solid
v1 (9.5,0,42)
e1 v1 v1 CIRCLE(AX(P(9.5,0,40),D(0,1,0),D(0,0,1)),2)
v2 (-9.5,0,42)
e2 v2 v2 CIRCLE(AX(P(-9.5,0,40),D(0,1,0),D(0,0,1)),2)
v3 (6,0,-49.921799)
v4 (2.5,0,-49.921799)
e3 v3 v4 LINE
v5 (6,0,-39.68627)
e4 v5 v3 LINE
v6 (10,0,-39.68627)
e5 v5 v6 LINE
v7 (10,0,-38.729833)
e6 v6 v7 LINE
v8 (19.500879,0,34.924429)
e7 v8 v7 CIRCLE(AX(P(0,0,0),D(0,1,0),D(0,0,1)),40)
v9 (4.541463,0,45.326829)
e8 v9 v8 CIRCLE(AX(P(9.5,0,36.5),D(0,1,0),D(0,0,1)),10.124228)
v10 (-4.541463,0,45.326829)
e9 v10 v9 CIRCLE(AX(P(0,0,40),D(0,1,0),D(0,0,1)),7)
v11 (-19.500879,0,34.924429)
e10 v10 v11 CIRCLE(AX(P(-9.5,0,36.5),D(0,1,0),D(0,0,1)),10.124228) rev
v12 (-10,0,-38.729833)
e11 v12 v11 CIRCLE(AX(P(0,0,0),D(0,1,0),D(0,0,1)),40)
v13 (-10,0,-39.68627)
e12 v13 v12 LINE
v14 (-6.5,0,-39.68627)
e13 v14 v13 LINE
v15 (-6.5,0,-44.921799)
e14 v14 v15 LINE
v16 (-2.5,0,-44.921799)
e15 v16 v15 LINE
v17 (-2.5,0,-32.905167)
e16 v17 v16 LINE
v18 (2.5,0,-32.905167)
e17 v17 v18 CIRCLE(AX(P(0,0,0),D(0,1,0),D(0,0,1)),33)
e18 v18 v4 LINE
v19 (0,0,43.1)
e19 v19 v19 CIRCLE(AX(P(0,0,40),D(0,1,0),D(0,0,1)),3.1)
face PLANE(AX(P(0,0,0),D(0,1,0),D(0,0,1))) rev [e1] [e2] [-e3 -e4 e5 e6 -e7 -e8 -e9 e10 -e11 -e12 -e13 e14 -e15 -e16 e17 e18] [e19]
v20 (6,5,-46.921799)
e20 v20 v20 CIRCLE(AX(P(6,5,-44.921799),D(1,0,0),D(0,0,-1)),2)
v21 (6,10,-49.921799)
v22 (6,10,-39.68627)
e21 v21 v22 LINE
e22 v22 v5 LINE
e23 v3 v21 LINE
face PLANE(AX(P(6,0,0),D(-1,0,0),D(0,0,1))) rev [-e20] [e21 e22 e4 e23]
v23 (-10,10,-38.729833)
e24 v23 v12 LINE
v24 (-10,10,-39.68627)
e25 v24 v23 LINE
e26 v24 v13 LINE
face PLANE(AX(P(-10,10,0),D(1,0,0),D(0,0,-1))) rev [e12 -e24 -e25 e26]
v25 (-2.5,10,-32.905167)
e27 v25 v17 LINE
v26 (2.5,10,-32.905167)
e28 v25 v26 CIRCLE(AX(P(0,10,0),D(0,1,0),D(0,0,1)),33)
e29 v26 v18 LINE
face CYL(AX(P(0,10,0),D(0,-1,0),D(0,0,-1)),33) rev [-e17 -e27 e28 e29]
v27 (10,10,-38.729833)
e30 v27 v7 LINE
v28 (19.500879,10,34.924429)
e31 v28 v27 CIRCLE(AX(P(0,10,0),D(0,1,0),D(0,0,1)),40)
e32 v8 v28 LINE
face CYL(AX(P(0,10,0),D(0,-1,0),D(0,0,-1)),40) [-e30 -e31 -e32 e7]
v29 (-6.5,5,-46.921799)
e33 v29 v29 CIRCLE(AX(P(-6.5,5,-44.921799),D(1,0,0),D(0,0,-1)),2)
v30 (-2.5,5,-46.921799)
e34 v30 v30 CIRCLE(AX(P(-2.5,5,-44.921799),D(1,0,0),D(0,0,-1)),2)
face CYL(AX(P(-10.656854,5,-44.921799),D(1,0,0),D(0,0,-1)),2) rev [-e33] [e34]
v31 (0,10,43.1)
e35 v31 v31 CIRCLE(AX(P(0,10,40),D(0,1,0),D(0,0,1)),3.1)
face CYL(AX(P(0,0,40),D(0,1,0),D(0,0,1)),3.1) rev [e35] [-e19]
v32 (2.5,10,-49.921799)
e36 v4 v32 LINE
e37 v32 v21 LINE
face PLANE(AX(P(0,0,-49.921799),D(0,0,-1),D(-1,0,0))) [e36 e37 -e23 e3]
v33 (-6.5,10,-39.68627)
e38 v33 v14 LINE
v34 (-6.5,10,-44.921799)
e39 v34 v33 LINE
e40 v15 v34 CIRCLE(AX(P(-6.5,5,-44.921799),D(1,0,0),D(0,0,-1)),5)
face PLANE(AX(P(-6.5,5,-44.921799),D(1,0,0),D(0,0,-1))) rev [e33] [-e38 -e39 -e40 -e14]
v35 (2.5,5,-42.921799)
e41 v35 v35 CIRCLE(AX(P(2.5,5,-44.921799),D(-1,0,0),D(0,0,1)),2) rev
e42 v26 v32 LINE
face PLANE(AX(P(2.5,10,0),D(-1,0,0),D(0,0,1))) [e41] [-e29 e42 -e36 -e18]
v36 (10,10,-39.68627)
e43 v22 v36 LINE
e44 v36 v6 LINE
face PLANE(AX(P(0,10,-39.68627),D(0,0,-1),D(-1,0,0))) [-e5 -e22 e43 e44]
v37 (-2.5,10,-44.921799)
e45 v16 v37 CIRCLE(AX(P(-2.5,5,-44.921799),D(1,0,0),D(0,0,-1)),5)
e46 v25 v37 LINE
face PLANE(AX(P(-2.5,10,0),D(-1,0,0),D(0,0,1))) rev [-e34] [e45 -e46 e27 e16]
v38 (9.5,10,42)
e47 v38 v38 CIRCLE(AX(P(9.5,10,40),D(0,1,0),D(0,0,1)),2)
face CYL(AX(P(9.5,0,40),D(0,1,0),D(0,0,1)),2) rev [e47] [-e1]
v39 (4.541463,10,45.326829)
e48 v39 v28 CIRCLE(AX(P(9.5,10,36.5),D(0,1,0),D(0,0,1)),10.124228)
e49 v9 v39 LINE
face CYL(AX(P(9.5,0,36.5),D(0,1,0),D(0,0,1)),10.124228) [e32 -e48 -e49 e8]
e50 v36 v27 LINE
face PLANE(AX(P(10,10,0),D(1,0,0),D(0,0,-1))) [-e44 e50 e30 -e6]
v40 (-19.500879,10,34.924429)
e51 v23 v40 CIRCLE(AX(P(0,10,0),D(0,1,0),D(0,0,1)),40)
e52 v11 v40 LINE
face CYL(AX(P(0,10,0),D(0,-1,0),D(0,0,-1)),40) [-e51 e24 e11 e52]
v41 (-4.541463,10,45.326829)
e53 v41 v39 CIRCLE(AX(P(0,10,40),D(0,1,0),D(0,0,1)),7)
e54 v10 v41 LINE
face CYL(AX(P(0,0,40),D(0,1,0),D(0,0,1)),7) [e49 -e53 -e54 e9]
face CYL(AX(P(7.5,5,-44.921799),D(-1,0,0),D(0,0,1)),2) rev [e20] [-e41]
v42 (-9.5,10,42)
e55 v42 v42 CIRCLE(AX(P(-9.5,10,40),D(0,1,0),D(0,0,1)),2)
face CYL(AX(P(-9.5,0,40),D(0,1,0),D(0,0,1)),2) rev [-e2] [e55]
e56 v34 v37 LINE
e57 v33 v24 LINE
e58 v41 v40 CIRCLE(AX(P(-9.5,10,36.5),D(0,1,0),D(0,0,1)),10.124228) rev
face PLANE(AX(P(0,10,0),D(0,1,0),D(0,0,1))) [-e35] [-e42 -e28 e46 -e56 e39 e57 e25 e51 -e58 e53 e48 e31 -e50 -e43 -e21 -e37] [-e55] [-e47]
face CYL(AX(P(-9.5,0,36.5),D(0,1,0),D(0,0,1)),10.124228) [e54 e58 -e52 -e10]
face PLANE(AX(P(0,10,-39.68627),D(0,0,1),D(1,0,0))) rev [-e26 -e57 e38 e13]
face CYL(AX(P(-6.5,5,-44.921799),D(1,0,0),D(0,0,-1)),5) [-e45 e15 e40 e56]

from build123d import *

# Parameters (mm, degrees)
SALIENTE_EXTRUIR1_DEPTH  = 10
SALIENTE_EXTRUIR2_START  = -10
SALIENTE_EXTRUIR2_DEPTH  = 10
CROQUIS8_R               = 2
CORTAR_EXTRUIR1_DEPTH    = 10
CROQUIS10_R              = 3.1
CORTAR_EXTRUIR3_DEPTH    = 10
CROQUIS11_W              = 2.5
CROQUIS11_H              = 10
SALIENTE_EXTRUIR5_DEPTH  = 5
CROQUIS13_R              = 2
CORTAR_EXTRUIR4_DEPTH    = 2.5
CROQUIS14_W              = 2.5
CROQUIS14_H              = 10
SALIENTE_EXTRUIR7_DEPTH  = 10
CORTAR_EXTRUIR5_START    = 10
CROQUIS15_R              = 2
CORTAR_EXTRUIR5_DEPTH    = 10
CROQUIS12_R              = 5
CROQUIS12_R_2            = 2
SALIENTE_EXTRUIR8_DEPTH  = 4
SALIENTE_EXTRUIR9_DEPTH  = 1.5
SALIENTE_EXTRUIR10_START = 1
CROQUIS17_W              = 10.235528891
CROQUIS17_H              = 10
CROQUIS17_R              = 2
SALIENTE_EXTRUIR10_DEPTH = 1


with BuildPart() as part:
    # Croquis1 → Saliente-Extruir1 (new body)
    with BuildSketch(Plane(origin=(0, 0, 0), x_dir=(1, 0, 0), z_dir=(0, 1, 0))):
        with BuildLine():
            Line((10, 38.729833462), (10, 32.619012861))
            Line((10, 32.619012861), (10, 31.448370387))
            ThreePointArc((10, 31.448370387), (26.636441204, 19.480759739), (33, 0))
            ThreePointArc((33, 0), (-19.480759739, -26.636441204), (-10, 31.448370387))
            Line((-10, 31.448370387), (-10, 38.729833462))
            ThreePointArc((-10, 38.729833462), (-24.494897428, -31.622776602), (40, 0))
            ThreePointArc((40, 0), (31.622776602, 24.494897428), (10, 38.729833462))
        make_face()
        with BuildLine():
            ThreePointArc((-10, 31.448370387), (-7.522805391, 32.131097072), (-5, 32.619012861))
            Line((-5, 32.619012861), (-5, 39.686269666))
            ThreePointArc((-5, 39.686269666), (-7.515230705, 39.287673734), (-10, 38.729833462))
            Line((-10, 38.729833462), (-10, 31.448370387))
        make_face()
        with BuildLine():
            Line((5, 39.686269666), (5, 32.619012861))
            Line((5, 32.619012861), (10, 32.619012861))
            Line((10, 32.619012861), (10, 38.729833462))
            ThreePointArc((10, 38.729833462), (7.515230705, 39.287673734), (5, 39.686269666))
        make_face()
        with BuildLine():
            Line((10, 39.686269666), (5, 39.686269666))
            ThreePointArc((5, 39.686269666), (7.515230705, 39.287673734), (10, 38.729833462))
            Line((10, 38.729833462), (10, 39.686269666))
        make_face()
        with BuildLine():
            ThreePointArc((-10, 38.729833462), (-7.515230705, 39.287673734), (-5, 39.686269666))
            Line((-5, 39.686269666), (-10, 39.686269666))
            Line((-10, 39.686269666), (-10, 38.729833462))
        make_face()
        with BuildLine():
            Line((10, 32.619012861), (5, 32.619012861))
            ThreePointArc((5, 32.619012861), (7.522805391, 32.131097072), (10, 31.448370387))
            Line((10, 31.448370387), (10, 32.619012861))
        make_face()
        with BuildLine():
            ThreePointArc((-5, 32.619012861), (-3.752728476, 32.785927301), (-2.5, 32.905166768))
            Line((-2.5, 32.905166768), (-2.5, 39.921798557))
            ThreePointArc((-2.5, 39.921798557), (-3.751848673, 39.823656682), (-5, 39.686269666))
            Line((-5, 39.686269666), (-5, 32.619012861))
        make_face()
        with BuildLine():
            ThreePointArc((-5, 39.686269666), (-3.751848673, 39.823656682), (-2.5, 39.921798557))
            Line((-2.5, 39.921798557), (-5, 39.921798557))
            Line((-5, 39.921798557), (-5, 39.686269666))
        make_face()
        with BuildLine():
            Line((2.5, 39.921798557), (2.5, 32.905166768))
            ThreePointArc((2.5, 32.905166768), (3.752728476, 32.785927301), (5, 32.619012861))
            Line((5, 32.619012861), (5, 39.686269666))
            ThreePointArc((5, 39.686269666), (3.751848673, 39.823656682), (2.5, 39.921798557))
        make_face()
        with BuildLine():
            Line((5, 39.921798557), (2.5, 39.921798557))
            ThreePointArc((2.5, 39.921798557), (3.751848673, 39.823656682), (5, 39.686269666))
            Line((5, 39.686269666), (5, 39.921798557))
        make_face()
    extrude(amount=SALIENTE_EXTRUIR1_DEPTH)

    # Croquis2 → Saliente-Extruir2 (add)
    with BuildSketch(Plane(origin=(0, 10, 0), x_dir=(1, 0, 0), z_dir=(0, 1, 0)).offset(SALIENTE_EXTRUIR2_START)):
        with BuildLine():
            ThreePointArc((4.541463415, -45.326829268), (15.280033507, -44.812112406), (19.500878735, -34.924428822))
            ThreePointArc((19.500878735, -34.924428822), (0, -40), (-19.500878735, -34.924428822))
            ThreePointArc((-19.500878735, -34.924428822), (-15.280033507, -44.812112406), (-4.541463415, -45.326829268))
            ThreePointArc((-4.541463415, -45.326829268), (0, -47), (4.541463415, -45.326829268))
        make_face()
    extrude(amount=SALIENTE_EXTRUIR2_DEPTH)

    # Croquis8 → Cortar-Extruir1 (cut)
    with BuildSketch(Plane(origin=(0, 10, 0), x_dir=(1, 0, 0), z_dir=(0, 1, 0))):
        with Locations(Location((9.5, -40, 0), (0, 0, 270))):
            Circle(CROQUIS8_R)
        with Locations(Location((-9.5, -40, 0), (0, 0, 270))):
            Circle(CROQUIS8_R)
    extrude(amount=-CORTAR_EXTRUIR1_DEPTH, mode=Mode.SUBTRACT)

    # Croquis10 → Cortar-Extruir3 (cut)
    with BuildSketch(Plane(origin=(0, 10, 0), x_dir=(1, 0, 0), z_dir=(0, 1, 0))):
        with Locations(Location((0, -40, 0), (0, 0, 270))):
            Circle(CROQUIS10_R)
    extrude(amount=-CORTAR_EXTRUIR3_DEPTH, mode=Mode.SUBTRACT)

    # Croquis11 → Saliente-Extruir5 (add)
    with BuildSketch(Plane(origin=(0, 0, -39.921798557), x_dir=(-1, 0, 0), z_dir=(0, 0, -1))):
        with Locations((3.75, 5)):
            Rectangle(CROQUIS11_W, CROQUIS11_H)
    extrude(amount=SALIENTE_EXTRUIR5_DEPTH)

    # Croquis13 → Cortar-Extruir4 (cut)
    with BuildSketch(Plane(origin=(-2.5, 0, 0), x_dir=(0, 0, -1), z_dir=(1, 0, 0))):
        with Locations((44.921798557, 5)):
            Circle(CROQUIS13_R)
    extrude(amount=-CORTAR_EXTRUIR4_DEPTH, mode=Mode.SUBTRACT)

    # Croquis14 → Saliente-Extruir7 (add)
    with BuildSketch(Plane(origin=(0, 0, -39.921798557), x_dir=(-1, 0, 0), z_dir=(0, 0, -1))):
        with Locations((-3.75, 5)):
            Rectangle(CROQUIS14_W, CROQUIS14_H)
    extrude(amount=SALIENTE_EXTRUIR7_DEPTH)

    # Croquis15 → Cortar-Extruir5 (cut)
    with BuildSketch(Plane(origin=(-2.5, 0, 0), x_dir=(0, 0, -1), z_dir=(1, 0, 0)).offset(CORTAR_EXTRUIR5_START)):
        with Locations(Location((44.921798557, 5, 0), (0, 0, 180))):
            Circle(CROQUIS15_R)
    extrude(amount=-CORTAR_EXTRUIR5_DEPTH, mode=Mode.SUBTRACT)

    # Croquis12 → Saliente-Extruir8 (add)
    with BuildSketch(Plane(origin=(-2.5, 0, 0), x_dir=(0, 0, -1), z_dir=(1, 0, 0))):
        with Locations((44.921798557, 5)):
            Circle(CROQUIS12_R)
        with Locations((44.921798557, 5)):
            Circle(CROQUIS12_R_2, mode=Mode.SUBTRACT)
    extrude(amount=-SALIENTE_EXTRUIR8_DEPTH)

    # Croquis16 → Saliente-Extruir9 (add)
    with BuildSketch(Plane.ZY.offset(5)):
        with BuildLine():
            Line((-44.921798557, 10), (-39.686269666, 10))
            Line((-39.686269666, 10), (-39.686269666, 0))
            Line((-39.686269666, 0), (-44.921798557, 0))
            ThreePointArc((-44.921798557, 0), (-39.921798557, 5), (-44.921798557, 10))
        make_face()
    extrude(amount=SALIENTE_EXTRUIR9_DEPTH)

    # Croquis17 → Saliente-Extruir10 (add)
    with BuildSketch(Plane(origin=(5, 0, 0), x_dir=(0, 0, -1), z_dir=(1, 0, 0)).offset(SALIENTE_EXTRUIR10_START)):
        with Locations((44.804034112, 5)):
            Rectangle(CROQUIS17_W, CROQUIS17_H)
        with Locations((44.921798557, 5)):
            Circle(CROQUIS17_R, mode=Mode.SUBTRACT)
    extrude(amount=-SALIENTE_EXTRUIR10_DEPTH)


solid = part.part
